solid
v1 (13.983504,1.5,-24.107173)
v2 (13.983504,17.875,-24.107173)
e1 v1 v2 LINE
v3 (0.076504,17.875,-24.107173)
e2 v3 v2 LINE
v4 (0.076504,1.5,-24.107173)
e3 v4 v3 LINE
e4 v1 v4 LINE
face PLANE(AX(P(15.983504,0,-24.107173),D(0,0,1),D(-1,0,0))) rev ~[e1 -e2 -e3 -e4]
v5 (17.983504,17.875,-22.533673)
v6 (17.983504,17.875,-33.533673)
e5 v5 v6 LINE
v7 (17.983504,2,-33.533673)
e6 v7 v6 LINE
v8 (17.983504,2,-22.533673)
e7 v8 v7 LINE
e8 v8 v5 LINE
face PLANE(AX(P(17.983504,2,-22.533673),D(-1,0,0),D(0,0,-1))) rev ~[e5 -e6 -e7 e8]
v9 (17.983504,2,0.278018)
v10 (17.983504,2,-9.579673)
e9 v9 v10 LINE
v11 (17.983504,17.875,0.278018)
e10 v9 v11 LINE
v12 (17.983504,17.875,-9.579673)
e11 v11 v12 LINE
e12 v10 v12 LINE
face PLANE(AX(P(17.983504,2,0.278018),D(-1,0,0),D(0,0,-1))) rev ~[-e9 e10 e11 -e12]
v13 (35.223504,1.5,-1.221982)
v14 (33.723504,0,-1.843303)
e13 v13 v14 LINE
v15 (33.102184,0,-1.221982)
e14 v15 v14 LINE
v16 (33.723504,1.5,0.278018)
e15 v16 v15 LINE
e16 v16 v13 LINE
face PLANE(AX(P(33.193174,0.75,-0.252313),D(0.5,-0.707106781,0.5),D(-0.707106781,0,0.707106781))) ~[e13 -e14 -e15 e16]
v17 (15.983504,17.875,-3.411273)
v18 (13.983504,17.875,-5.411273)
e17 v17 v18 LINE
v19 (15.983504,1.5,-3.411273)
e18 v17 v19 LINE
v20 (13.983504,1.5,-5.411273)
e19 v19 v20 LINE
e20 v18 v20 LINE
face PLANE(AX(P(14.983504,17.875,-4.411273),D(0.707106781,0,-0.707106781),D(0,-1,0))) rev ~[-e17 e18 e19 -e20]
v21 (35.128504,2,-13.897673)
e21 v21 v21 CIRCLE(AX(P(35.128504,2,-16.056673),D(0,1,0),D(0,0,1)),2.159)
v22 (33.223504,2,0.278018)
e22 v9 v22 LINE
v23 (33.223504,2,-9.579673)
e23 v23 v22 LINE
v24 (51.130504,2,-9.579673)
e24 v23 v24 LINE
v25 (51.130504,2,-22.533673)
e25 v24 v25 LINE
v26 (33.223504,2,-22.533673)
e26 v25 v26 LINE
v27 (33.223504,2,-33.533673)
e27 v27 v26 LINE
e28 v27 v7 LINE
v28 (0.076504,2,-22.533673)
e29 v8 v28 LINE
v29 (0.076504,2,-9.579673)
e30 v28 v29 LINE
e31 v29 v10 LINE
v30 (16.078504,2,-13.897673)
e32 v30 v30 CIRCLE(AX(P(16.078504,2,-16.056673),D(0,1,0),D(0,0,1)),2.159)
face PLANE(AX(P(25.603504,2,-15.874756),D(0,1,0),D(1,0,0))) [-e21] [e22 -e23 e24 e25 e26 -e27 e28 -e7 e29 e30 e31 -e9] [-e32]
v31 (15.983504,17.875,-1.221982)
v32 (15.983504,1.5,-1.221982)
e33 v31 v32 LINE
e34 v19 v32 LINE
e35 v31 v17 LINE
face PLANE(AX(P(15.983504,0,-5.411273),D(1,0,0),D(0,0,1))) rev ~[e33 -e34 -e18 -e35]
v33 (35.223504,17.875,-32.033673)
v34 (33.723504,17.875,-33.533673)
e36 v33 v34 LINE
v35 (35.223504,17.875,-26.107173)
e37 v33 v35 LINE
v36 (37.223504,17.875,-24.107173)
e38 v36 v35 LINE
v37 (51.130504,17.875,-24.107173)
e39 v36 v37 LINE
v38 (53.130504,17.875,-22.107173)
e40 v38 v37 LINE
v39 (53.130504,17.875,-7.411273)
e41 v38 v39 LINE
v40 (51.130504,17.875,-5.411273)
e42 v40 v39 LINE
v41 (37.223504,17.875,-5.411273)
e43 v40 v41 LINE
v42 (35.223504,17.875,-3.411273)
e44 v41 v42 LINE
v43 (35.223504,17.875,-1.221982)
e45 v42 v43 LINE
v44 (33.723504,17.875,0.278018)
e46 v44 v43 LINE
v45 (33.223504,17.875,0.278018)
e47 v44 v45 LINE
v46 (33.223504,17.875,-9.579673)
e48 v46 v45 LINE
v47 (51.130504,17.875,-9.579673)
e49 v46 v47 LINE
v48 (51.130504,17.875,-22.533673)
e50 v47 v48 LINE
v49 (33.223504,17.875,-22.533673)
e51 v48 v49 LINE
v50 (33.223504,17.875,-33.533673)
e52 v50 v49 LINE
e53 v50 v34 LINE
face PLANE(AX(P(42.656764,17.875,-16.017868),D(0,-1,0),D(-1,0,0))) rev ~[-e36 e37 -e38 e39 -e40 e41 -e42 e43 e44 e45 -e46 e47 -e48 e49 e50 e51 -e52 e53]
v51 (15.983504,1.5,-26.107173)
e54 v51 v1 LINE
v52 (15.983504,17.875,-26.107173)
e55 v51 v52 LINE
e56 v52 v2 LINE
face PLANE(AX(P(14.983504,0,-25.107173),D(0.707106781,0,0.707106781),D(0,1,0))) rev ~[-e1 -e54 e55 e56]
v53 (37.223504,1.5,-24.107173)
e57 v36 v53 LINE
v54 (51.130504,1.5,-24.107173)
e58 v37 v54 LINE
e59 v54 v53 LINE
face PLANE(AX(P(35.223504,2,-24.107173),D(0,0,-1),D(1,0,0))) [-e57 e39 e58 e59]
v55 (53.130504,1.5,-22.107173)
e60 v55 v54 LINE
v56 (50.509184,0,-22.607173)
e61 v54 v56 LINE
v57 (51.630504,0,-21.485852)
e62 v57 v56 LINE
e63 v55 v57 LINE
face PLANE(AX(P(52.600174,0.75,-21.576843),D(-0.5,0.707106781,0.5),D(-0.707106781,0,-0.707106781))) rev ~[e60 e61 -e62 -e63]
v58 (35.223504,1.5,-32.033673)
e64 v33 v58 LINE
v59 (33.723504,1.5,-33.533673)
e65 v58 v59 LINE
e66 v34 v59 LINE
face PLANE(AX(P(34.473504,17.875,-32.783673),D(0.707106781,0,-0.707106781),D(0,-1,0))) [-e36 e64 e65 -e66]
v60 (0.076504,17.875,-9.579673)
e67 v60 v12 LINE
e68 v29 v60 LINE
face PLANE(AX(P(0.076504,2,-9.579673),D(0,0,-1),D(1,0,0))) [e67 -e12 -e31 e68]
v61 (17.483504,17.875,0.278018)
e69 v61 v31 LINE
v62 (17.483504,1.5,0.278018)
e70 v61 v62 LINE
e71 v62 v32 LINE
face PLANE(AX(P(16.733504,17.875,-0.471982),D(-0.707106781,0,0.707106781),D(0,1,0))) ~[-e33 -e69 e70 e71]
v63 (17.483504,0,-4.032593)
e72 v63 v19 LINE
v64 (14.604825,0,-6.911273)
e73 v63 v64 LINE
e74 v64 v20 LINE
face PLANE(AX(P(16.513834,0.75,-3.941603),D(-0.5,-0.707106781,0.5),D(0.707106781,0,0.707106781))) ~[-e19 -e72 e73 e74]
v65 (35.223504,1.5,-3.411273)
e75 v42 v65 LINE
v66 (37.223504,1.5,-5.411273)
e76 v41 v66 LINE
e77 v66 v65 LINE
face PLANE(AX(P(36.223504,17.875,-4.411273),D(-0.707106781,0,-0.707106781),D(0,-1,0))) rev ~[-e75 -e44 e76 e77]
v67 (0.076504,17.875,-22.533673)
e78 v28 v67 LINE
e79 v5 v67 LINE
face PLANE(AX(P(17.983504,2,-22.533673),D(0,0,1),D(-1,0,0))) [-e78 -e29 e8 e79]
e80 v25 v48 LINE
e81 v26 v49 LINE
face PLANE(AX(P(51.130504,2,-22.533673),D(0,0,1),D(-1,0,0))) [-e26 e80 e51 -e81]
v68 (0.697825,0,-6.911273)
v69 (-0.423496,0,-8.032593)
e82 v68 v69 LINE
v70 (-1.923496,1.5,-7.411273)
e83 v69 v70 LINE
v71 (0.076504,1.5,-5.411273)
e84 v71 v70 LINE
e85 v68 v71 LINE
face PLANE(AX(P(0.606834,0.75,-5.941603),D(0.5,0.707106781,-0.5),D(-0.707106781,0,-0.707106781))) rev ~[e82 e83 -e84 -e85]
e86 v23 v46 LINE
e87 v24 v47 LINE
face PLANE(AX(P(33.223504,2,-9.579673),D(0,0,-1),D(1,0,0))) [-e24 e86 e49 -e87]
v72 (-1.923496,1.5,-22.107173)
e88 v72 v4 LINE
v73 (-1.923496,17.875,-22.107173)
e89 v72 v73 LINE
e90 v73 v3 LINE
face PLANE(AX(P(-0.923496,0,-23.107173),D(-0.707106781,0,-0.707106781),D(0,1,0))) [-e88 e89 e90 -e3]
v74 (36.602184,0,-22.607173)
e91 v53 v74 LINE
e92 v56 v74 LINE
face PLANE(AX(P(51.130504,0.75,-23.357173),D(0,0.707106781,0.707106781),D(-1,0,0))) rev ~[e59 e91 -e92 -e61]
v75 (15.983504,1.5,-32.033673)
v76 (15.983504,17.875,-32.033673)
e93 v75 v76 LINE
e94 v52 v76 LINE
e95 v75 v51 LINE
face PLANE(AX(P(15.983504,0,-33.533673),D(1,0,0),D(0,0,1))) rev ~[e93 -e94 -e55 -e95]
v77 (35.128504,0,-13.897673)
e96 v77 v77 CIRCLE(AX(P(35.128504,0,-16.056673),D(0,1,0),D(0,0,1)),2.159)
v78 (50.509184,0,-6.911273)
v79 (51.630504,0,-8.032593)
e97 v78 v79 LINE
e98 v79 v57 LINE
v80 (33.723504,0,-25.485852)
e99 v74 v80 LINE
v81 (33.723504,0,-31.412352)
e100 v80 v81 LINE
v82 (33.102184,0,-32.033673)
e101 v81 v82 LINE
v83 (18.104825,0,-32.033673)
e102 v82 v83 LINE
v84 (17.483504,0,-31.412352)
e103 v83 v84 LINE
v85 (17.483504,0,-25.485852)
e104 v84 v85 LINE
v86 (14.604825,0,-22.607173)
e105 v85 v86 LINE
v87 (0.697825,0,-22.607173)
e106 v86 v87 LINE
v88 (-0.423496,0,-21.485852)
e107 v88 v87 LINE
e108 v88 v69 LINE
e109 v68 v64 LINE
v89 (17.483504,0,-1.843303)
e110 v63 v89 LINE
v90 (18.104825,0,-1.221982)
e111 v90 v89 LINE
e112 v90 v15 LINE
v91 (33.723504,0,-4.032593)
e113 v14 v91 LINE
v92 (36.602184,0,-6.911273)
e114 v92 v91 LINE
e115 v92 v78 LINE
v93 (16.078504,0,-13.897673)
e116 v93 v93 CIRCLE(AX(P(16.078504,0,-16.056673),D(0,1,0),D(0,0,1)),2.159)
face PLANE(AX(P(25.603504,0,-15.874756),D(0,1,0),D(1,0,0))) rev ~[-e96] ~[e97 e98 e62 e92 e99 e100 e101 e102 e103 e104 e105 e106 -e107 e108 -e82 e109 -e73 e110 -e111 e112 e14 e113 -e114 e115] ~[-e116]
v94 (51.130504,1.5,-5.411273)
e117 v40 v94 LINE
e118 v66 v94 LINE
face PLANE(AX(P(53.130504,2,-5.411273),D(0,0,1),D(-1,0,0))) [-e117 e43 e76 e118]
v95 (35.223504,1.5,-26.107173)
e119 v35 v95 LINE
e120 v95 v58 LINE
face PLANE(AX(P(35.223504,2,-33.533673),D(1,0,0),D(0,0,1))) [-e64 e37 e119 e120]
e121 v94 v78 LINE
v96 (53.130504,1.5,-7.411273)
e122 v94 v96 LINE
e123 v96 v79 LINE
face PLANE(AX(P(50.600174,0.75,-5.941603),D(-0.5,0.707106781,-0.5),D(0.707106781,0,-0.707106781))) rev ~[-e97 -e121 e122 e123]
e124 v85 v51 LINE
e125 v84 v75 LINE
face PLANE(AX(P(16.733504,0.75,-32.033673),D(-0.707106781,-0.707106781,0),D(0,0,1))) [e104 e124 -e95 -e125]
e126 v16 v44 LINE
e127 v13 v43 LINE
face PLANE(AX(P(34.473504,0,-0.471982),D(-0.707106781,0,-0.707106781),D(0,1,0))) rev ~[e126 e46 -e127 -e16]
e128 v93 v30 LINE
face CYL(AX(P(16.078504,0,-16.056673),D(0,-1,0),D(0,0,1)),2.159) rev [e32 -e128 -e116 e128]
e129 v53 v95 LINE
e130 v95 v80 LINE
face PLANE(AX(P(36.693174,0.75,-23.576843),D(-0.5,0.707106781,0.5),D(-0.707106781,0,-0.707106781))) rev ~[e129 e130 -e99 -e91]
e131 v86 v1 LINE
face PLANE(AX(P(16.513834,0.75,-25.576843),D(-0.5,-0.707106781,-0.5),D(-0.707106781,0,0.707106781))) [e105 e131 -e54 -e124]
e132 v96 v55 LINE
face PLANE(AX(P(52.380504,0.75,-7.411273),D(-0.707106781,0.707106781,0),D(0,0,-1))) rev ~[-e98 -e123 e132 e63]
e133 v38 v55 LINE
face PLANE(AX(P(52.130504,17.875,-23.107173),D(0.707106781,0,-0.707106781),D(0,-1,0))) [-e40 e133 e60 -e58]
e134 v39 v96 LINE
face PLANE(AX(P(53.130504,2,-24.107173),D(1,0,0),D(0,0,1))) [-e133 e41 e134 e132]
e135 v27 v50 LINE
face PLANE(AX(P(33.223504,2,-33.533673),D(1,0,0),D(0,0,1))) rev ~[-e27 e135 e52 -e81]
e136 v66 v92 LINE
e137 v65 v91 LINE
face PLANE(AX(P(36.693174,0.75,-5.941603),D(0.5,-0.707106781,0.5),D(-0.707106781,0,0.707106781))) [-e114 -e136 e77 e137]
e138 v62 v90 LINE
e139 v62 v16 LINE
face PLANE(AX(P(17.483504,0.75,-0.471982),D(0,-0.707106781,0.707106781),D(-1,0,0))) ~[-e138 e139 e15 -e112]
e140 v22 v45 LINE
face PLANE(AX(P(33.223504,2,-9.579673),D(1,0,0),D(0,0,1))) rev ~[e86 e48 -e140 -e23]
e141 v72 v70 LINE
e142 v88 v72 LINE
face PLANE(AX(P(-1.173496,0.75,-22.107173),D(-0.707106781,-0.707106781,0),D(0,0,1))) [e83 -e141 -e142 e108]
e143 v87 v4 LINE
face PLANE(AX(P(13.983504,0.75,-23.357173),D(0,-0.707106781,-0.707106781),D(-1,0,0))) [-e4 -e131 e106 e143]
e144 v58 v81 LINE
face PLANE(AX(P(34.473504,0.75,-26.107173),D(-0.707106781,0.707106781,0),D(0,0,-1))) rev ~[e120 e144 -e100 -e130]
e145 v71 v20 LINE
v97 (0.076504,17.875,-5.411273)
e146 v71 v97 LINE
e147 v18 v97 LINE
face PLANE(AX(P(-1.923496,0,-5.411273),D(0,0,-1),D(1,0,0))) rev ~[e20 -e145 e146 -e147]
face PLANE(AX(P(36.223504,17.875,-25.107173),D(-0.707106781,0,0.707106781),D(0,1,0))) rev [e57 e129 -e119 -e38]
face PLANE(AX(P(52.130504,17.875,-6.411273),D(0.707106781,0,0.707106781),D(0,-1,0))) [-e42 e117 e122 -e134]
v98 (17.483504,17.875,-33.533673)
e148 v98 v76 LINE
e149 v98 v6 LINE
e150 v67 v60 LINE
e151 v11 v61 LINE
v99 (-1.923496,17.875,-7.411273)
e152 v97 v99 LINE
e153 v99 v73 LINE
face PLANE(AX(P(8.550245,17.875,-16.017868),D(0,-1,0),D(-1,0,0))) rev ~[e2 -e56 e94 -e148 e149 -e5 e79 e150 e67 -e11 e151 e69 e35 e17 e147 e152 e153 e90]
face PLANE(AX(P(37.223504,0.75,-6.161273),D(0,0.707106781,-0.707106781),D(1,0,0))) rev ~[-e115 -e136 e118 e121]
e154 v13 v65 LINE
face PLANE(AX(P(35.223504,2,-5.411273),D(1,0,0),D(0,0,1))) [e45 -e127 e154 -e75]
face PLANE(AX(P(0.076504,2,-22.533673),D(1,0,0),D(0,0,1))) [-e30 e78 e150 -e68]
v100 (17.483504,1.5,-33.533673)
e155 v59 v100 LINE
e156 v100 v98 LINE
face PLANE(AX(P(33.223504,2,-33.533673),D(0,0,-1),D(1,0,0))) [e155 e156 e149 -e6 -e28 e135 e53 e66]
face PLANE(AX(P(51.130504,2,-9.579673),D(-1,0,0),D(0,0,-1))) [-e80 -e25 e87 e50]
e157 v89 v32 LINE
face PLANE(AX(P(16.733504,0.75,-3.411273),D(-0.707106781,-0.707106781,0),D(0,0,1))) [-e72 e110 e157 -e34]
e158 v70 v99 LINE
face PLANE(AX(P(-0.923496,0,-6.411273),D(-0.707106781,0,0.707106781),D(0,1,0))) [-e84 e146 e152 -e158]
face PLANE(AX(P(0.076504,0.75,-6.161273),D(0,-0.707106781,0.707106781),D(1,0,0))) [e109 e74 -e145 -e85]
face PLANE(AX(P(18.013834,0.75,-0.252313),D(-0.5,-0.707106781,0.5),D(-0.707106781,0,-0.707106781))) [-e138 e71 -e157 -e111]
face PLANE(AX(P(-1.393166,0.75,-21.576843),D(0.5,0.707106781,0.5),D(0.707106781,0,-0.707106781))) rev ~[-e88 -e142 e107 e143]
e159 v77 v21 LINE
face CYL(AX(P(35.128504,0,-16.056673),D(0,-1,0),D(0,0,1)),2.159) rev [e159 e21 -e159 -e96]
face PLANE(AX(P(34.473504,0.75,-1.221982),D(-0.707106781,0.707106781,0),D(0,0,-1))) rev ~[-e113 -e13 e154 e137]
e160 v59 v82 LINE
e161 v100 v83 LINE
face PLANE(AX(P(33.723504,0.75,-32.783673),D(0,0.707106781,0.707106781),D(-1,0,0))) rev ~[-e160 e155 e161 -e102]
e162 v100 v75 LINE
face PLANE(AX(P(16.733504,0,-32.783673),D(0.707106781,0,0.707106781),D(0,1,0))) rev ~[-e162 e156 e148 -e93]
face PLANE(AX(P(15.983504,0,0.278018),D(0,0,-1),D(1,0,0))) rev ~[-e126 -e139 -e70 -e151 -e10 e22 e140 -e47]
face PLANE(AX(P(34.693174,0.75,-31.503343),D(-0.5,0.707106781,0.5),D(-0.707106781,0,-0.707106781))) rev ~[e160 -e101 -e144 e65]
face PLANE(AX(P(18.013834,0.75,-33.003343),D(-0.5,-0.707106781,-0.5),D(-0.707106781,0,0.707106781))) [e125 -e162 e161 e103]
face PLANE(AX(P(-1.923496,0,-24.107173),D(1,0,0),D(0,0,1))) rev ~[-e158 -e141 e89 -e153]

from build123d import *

# Parameters (mm, degrees)
SKETCH1_R           = 2.159
BOSS_EXTRUDE1_DEPTH = 2
BOSS_EXTRUDE2_DEPTH = 15.875
CHAMFER1_SIZE       = 2
CHAMFER2_SIZE       = 2
CHAMFER3_SIZE       = 1.5
CHAMFER4_SIZE       = 1.5
CHAMFER5_SIZE       = 1.5


with BuildPart() as part:
    # Sketch1 → Boss-Extrude1 (new body)
    with BuildSketch(Plane(origin=(0, 0, 0), x_dir=(1, 0, 0), z_dir=(0, 1, 0))):
        Polygon((35.223504259, 33.533672595), (15.983504259, 33.533672595), (15.983504259, 24.107172595), (-1.923495741, 24.107172595), (-1.923495741, 5.411272595), (15.983504259, 5.411272595), (15.983504259, -0.278017555), (35.223504259, -0.278017555), (35.223504259, 5.411272595), (53.130504259, 5.411272595), (53.130504259, 24.107172595), (35.223504259, 24.107172595), align=None)
        with Locations(Location((16.078504259, 16.056672595, 0), (0, 0, 270))):
            Circle(SKETCH1_R, mode=Mode.SUBTRACT)
        with Locations(Location((35.128504259, 16.056672595, 0), (0, 0, 270))):
            Circle(SKETCH1_R, mode=Mode.SUBTRACT)
    extrude(amount=BOSS_EXTRUDE1_DEPTH)

    # Sketch3 → Boss-Extrude2 (add)
    with BuildSketch(Plane(origin=(0, 2, 0), x_dir=(1, 0, 0), z_dir=(0, 1, 0))):
        Polygon((33.223504259, 30.817862745), (33.223504259, 33.533672595), (35.223504259, 33.533672595), (35.223504259, 24.107172595), (53.130504259, 24.107172595), (53.130504259, 5.411272595), (35.223504259, 5.411272595), (35.223504259, -0.278017555), (33.223504259, -0.278017555), (33.223504259, 1.721982445), (33.223504259, 9.579672595), (51.130504259, 9.579672595), (51.130504259, 22.533672595), (33.223504259, 22.533672595), align=None)
        Polygon((17.983504259, 1.721982445), (17.983504259, -0.278017555), (15.983504259, -0.278017555), (15.983504259, 5.411272595), (-1.923495741, 5.411272595), (-1.923495741, 24.107172595), (15.983504259, 24.107172595), (15.983504259, 33.533672595), (17.983504259, 33.533672595), (17.983504259, 29.040712972), (17.983504259, 22.533672595), (0.076504259, 22.533672595), (0.076504259, 9.579672595), (17.983504259, 9.579672595), align=None)
    extrude(amount=BOSS_EXTRUDE2_DEPTH)

    # Chamfer1
    chamfer1_edges = [part.edges().sort_by_distance(p)[0] for p in [
        (53.130504259, 8.9375, -24.107172595),
        (53.130504259, 8.9375, -5.411272595),
        (-1.923495741, 8.9375, -5.411272595),
        (-1.923495741, 8.9375, -24.107172595),
    ]]
    chamfer(chamfer1_edges, length=CHAMFER1_SIZE)

    # Chamfer2
    chamfer2_edges = [part.edges().sort_by_distance(p)[0] for p in [
        (35.223504259, 8.9375, -24.107172595),
        (35.223504259, 8.9375, -5.411272595),
        (15.983504259, 8.9375, -5.411272595),
        (15.983504259, 8.9375, -24.107172595),
    ]]
    chamfer(chamfer2_edges, length=CHAMFER2_SIZE)

    # Chamfer3
    chamfer3_edges = [part.edges().sort_by_distance(p)[0] for p in [
        (15.983504259, 8.9375, -33.533672595),
        (35.223504259, 8.9375, -33.533672595),
    ]]
    chamfer(chamfer3_edges, length=CHAMFER3_SIZE)

    # Chamfer4
    chamfer4_edges = [part.edges().sort_by_distance(p)[0] for p in [
        (35.223504259, 8.9375, 0.278017555),
        (15.983504259, 8.9375, 0.278017555),
    ]]
    chamfer(chamfer4_edges, length=CHAMFER4_SIZE)

    # Chamfer5
    chamfer5_edges = [part.edges().sort_by_distance(p)[0] for p in [
        (53.130504259, 0, -14.759222595),
        (44.177004259, 0, -24.107172595),
        (7.030004259, 0, -5.411272595),
        (-1.923495741, 0, -14.759222595),
        (-0.923495741, 0, -6.411272595),
        (-0.923495741, 0, -23.107172595),
        (52.130504259, 0, -23.107172595),
        (52.130504259, 0, -6.411272595),
        (44.177004259, 0, -5.411272595),
        (15.983504259, 0, -2.31662752),
        (7.030004259, 0, -24.107172595),
        (35.223504259, 0, -29.070422595),
        (36.223504259, 0, -4.411272595),
        (14.983504259, 0, -4.411272595),
        (14.983504259, 0, -25.107172595),
        (36.223504259, 0, -25.107172595),
        (15.983504259, 0, -29.070422595),
        (25.603504259, 0, -33.533672595),
        (34.473504259, 0, -32.783672595),
        (16.733504259, 0, -32.783672595),
        (25.603504259, 0, 0.278017555),
        (35.223504259, 0, -2.31662752),
        (34.473504259, 0, -0.471982445),
        (16.733504259, 0, -0.471982445),
    ]]
    chamfer(chamfer5_edges, length=CHAMFER5_SIZE)


solid = part.part
